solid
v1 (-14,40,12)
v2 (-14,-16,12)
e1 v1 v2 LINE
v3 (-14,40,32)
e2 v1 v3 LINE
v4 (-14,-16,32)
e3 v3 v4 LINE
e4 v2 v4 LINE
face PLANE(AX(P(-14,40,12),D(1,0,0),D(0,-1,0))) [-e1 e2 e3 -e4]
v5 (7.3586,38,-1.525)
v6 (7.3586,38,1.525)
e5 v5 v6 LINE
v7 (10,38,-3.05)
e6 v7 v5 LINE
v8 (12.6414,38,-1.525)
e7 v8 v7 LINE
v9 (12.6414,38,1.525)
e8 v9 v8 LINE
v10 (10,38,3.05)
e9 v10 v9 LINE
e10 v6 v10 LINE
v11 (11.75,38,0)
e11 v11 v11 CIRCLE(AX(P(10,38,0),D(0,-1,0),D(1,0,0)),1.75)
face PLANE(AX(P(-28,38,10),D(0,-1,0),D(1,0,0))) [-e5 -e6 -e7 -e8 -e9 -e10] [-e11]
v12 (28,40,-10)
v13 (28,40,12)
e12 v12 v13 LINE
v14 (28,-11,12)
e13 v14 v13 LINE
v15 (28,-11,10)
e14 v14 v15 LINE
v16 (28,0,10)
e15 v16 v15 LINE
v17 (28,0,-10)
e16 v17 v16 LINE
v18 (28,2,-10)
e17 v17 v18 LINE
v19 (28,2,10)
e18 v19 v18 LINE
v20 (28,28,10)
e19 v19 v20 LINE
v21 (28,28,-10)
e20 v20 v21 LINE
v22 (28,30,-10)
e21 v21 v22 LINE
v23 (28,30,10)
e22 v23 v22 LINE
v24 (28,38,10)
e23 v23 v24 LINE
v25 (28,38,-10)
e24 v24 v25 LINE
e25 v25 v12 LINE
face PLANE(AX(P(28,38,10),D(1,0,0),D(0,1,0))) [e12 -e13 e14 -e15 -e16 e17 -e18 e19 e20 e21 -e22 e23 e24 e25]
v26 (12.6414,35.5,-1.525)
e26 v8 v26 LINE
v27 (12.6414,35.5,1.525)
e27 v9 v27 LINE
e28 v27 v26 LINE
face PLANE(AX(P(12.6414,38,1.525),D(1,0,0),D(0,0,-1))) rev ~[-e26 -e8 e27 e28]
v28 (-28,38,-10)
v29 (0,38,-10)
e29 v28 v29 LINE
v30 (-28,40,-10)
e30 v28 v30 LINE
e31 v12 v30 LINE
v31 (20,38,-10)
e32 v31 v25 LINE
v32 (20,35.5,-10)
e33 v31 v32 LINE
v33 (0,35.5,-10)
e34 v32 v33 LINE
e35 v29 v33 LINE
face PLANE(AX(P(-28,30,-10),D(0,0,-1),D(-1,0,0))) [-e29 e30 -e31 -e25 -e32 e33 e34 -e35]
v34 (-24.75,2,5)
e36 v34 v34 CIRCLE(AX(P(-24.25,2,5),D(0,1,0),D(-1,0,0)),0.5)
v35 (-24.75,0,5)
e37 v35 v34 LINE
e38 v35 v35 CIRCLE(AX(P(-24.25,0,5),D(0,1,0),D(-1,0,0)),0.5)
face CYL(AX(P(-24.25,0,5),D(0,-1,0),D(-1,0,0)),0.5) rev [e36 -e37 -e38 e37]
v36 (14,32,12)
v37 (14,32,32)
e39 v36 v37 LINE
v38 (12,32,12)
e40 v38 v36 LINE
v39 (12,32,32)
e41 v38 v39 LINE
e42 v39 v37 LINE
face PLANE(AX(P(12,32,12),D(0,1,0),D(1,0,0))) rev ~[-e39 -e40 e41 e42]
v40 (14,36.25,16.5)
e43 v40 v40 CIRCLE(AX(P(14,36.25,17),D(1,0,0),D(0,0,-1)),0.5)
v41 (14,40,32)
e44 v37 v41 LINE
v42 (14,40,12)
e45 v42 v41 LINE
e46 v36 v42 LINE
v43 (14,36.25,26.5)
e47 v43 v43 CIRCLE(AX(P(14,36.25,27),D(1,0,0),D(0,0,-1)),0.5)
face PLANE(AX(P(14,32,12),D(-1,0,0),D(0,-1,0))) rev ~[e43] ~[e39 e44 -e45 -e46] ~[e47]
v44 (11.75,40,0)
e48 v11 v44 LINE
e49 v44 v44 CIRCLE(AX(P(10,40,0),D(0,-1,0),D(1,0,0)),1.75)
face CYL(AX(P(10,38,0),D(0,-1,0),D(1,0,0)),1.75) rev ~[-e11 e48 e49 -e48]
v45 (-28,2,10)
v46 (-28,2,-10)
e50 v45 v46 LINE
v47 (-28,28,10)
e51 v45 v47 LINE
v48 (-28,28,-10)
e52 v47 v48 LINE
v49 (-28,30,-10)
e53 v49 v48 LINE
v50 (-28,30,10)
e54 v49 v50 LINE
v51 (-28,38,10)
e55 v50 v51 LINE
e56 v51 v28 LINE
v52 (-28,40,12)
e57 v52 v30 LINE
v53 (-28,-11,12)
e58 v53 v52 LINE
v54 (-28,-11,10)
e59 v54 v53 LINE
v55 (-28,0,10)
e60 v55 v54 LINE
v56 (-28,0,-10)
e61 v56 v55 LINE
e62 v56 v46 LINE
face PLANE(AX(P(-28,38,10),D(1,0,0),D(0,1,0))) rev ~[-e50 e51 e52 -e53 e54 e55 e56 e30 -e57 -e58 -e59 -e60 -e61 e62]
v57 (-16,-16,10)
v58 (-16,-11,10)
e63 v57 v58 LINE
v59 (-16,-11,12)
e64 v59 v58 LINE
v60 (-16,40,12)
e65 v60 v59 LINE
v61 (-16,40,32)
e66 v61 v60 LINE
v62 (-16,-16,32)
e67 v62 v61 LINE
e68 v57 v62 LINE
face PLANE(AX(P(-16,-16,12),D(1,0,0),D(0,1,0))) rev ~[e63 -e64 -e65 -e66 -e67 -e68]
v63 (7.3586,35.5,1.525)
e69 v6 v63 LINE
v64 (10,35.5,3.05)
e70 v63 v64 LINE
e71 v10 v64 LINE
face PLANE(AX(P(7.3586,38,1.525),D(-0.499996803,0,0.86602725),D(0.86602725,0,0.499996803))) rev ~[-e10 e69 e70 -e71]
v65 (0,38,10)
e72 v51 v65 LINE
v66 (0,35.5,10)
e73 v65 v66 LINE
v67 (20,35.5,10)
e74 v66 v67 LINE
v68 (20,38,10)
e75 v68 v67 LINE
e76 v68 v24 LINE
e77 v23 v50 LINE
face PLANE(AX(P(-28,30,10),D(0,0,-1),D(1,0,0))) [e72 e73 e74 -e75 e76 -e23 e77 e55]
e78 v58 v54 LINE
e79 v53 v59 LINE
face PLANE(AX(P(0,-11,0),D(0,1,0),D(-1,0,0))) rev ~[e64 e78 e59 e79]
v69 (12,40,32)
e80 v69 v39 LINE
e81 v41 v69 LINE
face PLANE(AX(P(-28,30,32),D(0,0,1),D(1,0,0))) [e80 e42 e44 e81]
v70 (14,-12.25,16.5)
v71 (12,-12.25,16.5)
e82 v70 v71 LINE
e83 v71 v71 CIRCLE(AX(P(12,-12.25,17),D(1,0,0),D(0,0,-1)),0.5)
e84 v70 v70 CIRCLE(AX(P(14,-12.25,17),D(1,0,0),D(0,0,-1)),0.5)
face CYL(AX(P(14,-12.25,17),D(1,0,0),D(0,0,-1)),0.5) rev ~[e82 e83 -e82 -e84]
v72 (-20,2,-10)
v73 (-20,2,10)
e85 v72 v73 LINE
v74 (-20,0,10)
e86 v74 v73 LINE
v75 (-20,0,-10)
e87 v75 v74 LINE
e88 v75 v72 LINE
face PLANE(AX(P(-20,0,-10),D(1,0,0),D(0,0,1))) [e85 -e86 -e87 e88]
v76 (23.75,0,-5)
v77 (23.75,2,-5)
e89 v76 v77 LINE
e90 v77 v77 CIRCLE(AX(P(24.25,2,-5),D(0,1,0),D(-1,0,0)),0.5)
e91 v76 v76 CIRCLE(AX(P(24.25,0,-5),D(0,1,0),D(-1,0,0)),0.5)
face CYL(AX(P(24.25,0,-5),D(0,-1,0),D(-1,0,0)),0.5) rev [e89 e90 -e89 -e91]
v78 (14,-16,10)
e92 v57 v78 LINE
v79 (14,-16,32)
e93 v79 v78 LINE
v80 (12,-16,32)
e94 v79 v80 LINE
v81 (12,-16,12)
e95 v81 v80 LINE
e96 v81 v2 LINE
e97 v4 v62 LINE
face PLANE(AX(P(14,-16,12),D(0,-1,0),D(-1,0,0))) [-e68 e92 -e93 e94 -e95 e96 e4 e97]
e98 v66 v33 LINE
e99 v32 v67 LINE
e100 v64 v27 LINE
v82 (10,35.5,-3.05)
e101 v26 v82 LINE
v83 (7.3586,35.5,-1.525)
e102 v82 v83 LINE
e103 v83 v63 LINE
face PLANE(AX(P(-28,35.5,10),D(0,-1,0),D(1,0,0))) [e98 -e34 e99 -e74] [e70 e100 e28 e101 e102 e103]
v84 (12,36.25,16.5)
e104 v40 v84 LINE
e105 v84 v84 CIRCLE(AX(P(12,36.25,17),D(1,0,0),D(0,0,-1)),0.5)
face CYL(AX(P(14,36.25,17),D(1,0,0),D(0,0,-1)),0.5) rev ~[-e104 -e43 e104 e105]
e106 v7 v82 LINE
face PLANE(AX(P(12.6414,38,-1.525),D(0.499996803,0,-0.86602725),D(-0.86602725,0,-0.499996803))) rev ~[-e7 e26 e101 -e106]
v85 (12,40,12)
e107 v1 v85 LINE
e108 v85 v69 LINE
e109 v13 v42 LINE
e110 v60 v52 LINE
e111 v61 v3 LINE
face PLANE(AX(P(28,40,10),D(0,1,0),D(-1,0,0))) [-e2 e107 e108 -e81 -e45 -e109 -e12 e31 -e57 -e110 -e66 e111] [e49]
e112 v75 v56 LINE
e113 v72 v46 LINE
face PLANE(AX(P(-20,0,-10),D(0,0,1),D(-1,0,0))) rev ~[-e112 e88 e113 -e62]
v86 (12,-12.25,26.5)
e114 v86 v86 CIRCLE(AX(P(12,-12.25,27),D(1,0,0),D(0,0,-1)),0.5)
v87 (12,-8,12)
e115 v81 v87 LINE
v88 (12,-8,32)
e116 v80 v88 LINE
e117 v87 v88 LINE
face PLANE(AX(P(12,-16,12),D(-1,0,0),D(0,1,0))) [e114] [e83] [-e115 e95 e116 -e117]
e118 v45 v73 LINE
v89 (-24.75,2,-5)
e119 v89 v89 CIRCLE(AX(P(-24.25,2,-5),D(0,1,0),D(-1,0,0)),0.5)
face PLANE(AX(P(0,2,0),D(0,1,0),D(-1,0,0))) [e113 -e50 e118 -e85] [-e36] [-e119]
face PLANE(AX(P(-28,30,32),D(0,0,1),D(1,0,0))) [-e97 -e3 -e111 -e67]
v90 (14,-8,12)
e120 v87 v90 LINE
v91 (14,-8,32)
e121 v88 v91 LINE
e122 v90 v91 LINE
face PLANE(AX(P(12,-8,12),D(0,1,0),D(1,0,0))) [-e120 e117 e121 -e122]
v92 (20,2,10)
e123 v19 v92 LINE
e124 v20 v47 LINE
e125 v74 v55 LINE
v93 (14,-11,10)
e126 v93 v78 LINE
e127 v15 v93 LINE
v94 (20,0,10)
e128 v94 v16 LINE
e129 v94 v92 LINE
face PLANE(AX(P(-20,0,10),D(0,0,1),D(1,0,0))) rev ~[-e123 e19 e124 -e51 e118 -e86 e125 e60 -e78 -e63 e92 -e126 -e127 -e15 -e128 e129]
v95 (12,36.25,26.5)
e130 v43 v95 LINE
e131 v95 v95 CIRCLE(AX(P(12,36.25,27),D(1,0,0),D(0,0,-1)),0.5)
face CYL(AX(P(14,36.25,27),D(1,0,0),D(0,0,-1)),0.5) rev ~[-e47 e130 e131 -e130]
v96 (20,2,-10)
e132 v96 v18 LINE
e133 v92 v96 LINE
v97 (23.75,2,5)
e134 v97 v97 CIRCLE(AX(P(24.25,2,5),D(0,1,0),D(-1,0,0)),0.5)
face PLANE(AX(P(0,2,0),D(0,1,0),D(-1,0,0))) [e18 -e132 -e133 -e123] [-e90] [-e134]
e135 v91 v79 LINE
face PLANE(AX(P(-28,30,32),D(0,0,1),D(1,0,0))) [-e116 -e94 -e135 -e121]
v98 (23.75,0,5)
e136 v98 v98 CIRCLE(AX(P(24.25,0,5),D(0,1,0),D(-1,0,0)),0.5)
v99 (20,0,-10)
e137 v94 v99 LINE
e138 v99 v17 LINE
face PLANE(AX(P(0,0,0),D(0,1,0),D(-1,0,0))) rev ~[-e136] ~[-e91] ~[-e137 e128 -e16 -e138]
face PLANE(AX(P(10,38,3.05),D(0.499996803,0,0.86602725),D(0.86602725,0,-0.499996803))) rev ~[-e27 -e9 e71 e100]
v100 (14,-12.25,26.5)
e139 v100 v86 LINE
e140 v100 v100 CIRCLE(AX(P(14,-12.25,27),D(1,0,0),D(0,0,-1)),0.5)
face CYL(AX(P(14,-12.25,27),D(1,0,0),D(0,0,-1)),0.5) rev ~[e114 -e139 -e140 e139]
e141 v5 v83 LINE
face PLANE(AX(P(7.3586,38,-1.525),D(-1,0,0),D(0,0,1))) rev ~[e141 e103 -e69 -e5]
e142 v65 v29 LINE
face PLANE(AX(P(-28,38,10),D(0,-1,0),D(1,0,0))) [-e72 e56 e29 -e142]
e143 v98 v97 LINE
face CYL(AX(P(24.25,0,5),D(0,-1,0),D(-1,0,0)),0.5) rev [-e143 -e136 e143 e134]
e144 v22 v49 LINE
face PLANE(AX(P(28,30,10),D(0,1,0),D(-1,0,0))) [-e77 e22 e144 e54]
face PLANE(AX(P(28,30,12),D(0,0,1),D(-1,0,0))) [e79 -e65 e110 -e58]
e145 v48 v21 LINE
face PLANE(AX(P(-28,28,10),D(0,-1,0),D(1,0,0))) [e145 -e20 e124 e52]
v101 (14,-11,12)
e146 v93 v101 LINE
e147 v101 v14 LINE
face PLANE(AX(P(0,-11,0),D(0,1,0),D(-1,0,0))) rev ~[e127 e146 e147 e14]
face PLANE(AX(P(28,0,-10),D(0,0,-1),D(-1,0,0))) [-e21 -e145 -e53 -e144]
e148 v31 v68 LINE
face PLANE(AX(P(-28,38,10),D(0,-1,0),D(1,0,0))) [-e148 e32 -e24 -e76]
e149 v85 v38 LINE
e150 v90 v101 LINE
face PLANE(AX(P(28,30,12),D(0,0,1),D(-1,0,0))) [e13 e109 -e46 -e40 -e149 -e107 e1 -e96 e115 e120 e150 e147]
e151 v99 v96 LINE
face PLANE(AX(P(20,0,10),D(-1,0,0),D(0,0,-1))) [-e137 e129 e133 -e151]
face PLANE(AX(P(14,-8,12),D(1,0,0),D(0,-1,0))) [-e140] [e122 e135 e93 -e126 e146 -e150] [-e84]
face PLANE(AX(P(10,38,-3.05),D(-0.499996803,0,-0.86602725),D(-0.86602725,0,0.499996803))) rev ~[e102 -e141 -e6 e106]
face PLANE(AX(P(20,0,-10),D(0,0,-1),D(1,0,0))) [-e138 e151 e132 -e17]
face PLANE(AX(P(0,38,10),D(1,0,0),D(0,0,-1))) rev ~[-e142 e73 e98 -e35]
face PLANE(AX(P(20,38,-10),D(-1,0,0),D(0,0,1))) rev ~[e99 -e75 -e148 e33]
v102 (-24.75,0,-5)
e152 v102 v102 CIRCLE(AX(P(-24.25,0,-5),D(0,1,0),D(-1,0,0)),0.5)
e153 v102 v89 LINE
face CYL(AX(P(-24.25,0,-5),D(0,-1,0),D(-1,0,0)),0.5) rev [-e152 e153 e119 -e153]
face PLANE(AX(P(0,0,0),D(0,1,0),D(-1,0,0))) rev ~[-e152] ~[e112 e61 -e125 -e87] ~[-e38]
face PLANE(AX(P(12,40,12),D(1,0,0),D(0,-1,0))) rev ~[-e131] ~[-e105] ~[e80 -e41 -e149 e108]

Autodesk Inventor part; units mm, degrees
ref_plane "YZ Plane" through (0, 0, 0) normal (1, 0, 0) x (0, 1, 0)
ref_plane "XZ Plane" through (0, 0, 0) normal (0, 1, 0) x (-1, 0, 0)
ref_plane "XY Plane" through (0, 0, 0) normal (0, 0, 1) x (1, 0, 0)
sketch "Sketch1" plane through (0, 0, 0) normal (0, 1, 0) x (-1, 0, 0)
  line L0 (31, 0) -> (-47, 0) construction
  line L1 (0, 43) -> (0, -45) construction
  line L2 (20, 10) -> (-20, 10)
  line L3 (-20, 10) -> (-20, -10)
  line L4 (20, -10) -> (20, 10)
  line L5 (28, 12) -> (-28, 12)
  line L6 (-28, 12) -> (-28, -10)
  line L7 (28, -10) -> (28, 12)
  circle A0 centre (24.25, 5) radius 0.5
  line L8 (-20, -10) -> (-28, -10)
  line L9 (20, -10) -> (28, -10)
  circle A1 centre (24.25, -5) radius 0.5
  circle A2 centre (-24.25, 5) radius 0.5
  circle A3 centre (-24.25, -5) radius 0.5
  line L10 (-20, 10) -> (-28, 10)
  line L11 (20, 10) -> (28, 10)
  line L12 (-20, -10) -> (20, -10)
  point P0 (0, 0)
  dimension "d1" = 40
  dimension "d3" = 8
  dimension "d4" = 1
  dimension "d5" = 4.25
  dimension "d6" = 5
  dimension "d7" = 2
  dimension "d8" = 10
  dimension "d9" = 10
extrude "Extrusion1" add sketch "Sketch1" along normal blind 2 contours L11 L7 L9 L4 | L2 L10 L6 L5 L7 L11 | L3 L8 L6 L10
extrude "Extrusion2" add sketch "Sketch1" along normal blind 30 contours L2 L10 L6 L5 L7 L11
extrude "Extrusion3" add sketch "Sketch1" against normal blind 11 contours L2 L10 L6 L5 L7 L11
sketch "Sketch2" plane through (28, 0, 10) normal (0, 0, -1) x (-1, 0, 0)
  line L0 (0, 30) -> (56, 30) projected
  line L1 (56, 30) -> (56, 28)
  line L2 (56, -11) -> (56, 30) projected
  line L3 (56, 28) -> (0, 28)
  line L4 (0, 28) -> (0, 30)
  line L5 (0, 2) -> (0, 30) projected
  point P0 (28, 0)
  dimension "d18" = 2
extrude "Extrusion4" add sketch "Sketch2" along normal blind 20
sketch "Sketch4" plane through (-28, 30, 12) normal (0, 0, 1) x (1, 0, 0)
  line L0 (56, -41) -> (0, -41) construction
  line L1 (0, -41) -> (0, 0) construction
  line L2 (0, 0) -> (56, 0) construction
  line L3 (56, -41) -> (56, 0) construction
  line L4 (12, -46) -> (12, 10)
  line L5 (12, 10) -> (14, 10)
  line L6 (14, 10) -> (14, -46)
  line L7 (14, -46) -> (12, -46)
  line L8 (42, -46) -> (40, -46)
  line L9 (40, -46) -> (40, -38)
  line L10 (40, -38) -> (42, -38)
  line L11 (42, -38) -> (42, -46)
  line L12 (66, -18) -> (-18, -18) construction
  line L13 (42, 10) -> (40, 10)
  line L14 (40, 10) -> (40, 2)
  line L15 (40, 2) -> (42, 2)
  line L16 (42, 2) -> (42, 10)
  line L17 (42, -46) -> (12, -46)
  line L18 (12, -46) -> (12, 10)
  line L19 (12, 10) -> (42, 10)
  line L20 (42, 10) -> (42, -46)
  line L21 (0, 0) -> (2, 0)
  line L22 (2, 0) -> (2, -41)
  line L23 (2, -41) -> (0, -41)
  line L24 (0, -41) -> (0, 0)
  point P0 (28, -30)
  dimension "d32" = 2
  dimension "d33" = 12
  dimension "d35" = 56
  dimension "d36" = 2
  dimension "d37" = 8
  dimension "d38" = 3
  dimension "d39" = 28
  dimension "d52" = 2
extrude "Extrusion7" add sketch "Sketch4" along normal blind 20 contours L4 L5 L6 L7 | L9 L10 L11 L8 | L13 L16 L15 L14
extrude "Extrusion8" add sketch "Sketch4" against normal blind 2 contours L4 L5 L6 L7 | L6 L19 L14 L15 L20 L10 L9 L17 | L9 L10 L11 L8 | L13 L16 L15 L14
sketch "Sketch5" plane through (14, -11, 12) normal (1, 0, 0) x (0, 0, -1)
  line L0 (-20, -5) -> (-20, 3) construction
  line L1 (2, -5) -> (-20, -5) construction
  line L2 (-20, 3) -> (-20, 51) construction
  line L3 (-20, 51) -> (-20, 51) construction
  line L4 (-20, 51) -> (2, 51) construction
  circle A0 centre (-15, -1.25) radius 0.5
  line L5 (0, 3) -> (-20, 3) construction
  line L6 (0, -5) -> (0, 3) construction
  line L7 (-10, -8) -> (-10, 8) construction
  line L8 (8, 23) -> (-29, 23) construction
  circle A1 centre (-5, -1.25) radius 0.5
  circle A2 centre (-15, 47.25) radius 0.5
  circle A3 centre (-5, 47.25) radius 0.5
  point P0 (12, 11)
  dimension "d44" = 1
  dimension "d45" = 5
  dimension "d46" = 4.25
  dimension "d47" = 10
  dimension "d49" = 20
extrude "Extrusion9" cut sketch "Sketch5" against normal blind 6
sketch "Sketch6" plane through (0, 30, 0) normal (0, 1, 0) x (1, 0, 0)
  line L0 (28, -12) -> (-28, -12)
  line L1 (-28, -12) -> (-28, -10)
  line L2 (-28, -10) -> (28, -10)
  line L3 (28, -10) -> (28, -12)
  point P0 (0, 0)
extrude "Extrusion11" add sketch "Sketch6" along normal blind 10
sketch "Sketch7" plane through (-28, 30, 10) normal (0, 0, -1) x (-1, 0, 0)
  line L0 (0, 0) -> (0, 10) projected
  line L1 (-56, 10) -> (0, 10)
  line L2 (0, 10) -> (0, 8)
  line L3 (0, 8) -> (-56, 8)
  line L4 (-56, 8) -> (-56, 10)
  point P0 (-28, -30)
  dimension "d57" = 2
extrude "Extrusion12" add sketch "Sketch7" along normal blind 20
sketch "Sketch9" plane through (-28, 38, 10) normal (0, -1, 0) x (1, 0, 0)
  line L0 (56, 0) -> (56, -20) construction
  circle A0 centre (38, -10) radius 1.75
  line L1 (56, -20) -> (0, -20) construction
  line L2 (38, -13.05) -> (35.3586, -11.525)
  line L3 (35.3586, -11.525) -> (35.3586, -8.475)
  line L4 (35.3586, -8.475) -> (38, -6.95)
  line L5 (38, -6.95) -> (40.6414, -8.475)
  line L6 (40.6414, -8.475) -> (40.6414, -11.525)
  line L7 (40.6414, -11.525) -> (38, -13.05)
  line L8 (42, 0) -> (56, 0) projected
  line L9 (56, -20) -> (0, -20) projected
  line L10 (48, 0) -> (28, 0)
  line L11 (28, 0) -> (28, -20)
  line L12 (28, -20) -> (48, -20)
  line L13 (48, -20) -> (48, 0)
  line L14 (50, -10) -> (29, -10) construction
  line L15 (38, -1.4358) -> (38, -18.5642) construction
  point P0 (28, -10)
  dimension "d63" = 3.5
  dimension "d64" = 18
  dimension "d65" = 10
  dimension "d66" = 6.1
  dimension "d67" = 20
extrude "Extrusion13" add sketch "Sketch9" along normal blind 2.5 contours L8 L13 L9 L11 L10
extrude "Extrusion14" cut sketch "Sketch9" against normal blind 7.5 contours A0
properties part number "Joint"
